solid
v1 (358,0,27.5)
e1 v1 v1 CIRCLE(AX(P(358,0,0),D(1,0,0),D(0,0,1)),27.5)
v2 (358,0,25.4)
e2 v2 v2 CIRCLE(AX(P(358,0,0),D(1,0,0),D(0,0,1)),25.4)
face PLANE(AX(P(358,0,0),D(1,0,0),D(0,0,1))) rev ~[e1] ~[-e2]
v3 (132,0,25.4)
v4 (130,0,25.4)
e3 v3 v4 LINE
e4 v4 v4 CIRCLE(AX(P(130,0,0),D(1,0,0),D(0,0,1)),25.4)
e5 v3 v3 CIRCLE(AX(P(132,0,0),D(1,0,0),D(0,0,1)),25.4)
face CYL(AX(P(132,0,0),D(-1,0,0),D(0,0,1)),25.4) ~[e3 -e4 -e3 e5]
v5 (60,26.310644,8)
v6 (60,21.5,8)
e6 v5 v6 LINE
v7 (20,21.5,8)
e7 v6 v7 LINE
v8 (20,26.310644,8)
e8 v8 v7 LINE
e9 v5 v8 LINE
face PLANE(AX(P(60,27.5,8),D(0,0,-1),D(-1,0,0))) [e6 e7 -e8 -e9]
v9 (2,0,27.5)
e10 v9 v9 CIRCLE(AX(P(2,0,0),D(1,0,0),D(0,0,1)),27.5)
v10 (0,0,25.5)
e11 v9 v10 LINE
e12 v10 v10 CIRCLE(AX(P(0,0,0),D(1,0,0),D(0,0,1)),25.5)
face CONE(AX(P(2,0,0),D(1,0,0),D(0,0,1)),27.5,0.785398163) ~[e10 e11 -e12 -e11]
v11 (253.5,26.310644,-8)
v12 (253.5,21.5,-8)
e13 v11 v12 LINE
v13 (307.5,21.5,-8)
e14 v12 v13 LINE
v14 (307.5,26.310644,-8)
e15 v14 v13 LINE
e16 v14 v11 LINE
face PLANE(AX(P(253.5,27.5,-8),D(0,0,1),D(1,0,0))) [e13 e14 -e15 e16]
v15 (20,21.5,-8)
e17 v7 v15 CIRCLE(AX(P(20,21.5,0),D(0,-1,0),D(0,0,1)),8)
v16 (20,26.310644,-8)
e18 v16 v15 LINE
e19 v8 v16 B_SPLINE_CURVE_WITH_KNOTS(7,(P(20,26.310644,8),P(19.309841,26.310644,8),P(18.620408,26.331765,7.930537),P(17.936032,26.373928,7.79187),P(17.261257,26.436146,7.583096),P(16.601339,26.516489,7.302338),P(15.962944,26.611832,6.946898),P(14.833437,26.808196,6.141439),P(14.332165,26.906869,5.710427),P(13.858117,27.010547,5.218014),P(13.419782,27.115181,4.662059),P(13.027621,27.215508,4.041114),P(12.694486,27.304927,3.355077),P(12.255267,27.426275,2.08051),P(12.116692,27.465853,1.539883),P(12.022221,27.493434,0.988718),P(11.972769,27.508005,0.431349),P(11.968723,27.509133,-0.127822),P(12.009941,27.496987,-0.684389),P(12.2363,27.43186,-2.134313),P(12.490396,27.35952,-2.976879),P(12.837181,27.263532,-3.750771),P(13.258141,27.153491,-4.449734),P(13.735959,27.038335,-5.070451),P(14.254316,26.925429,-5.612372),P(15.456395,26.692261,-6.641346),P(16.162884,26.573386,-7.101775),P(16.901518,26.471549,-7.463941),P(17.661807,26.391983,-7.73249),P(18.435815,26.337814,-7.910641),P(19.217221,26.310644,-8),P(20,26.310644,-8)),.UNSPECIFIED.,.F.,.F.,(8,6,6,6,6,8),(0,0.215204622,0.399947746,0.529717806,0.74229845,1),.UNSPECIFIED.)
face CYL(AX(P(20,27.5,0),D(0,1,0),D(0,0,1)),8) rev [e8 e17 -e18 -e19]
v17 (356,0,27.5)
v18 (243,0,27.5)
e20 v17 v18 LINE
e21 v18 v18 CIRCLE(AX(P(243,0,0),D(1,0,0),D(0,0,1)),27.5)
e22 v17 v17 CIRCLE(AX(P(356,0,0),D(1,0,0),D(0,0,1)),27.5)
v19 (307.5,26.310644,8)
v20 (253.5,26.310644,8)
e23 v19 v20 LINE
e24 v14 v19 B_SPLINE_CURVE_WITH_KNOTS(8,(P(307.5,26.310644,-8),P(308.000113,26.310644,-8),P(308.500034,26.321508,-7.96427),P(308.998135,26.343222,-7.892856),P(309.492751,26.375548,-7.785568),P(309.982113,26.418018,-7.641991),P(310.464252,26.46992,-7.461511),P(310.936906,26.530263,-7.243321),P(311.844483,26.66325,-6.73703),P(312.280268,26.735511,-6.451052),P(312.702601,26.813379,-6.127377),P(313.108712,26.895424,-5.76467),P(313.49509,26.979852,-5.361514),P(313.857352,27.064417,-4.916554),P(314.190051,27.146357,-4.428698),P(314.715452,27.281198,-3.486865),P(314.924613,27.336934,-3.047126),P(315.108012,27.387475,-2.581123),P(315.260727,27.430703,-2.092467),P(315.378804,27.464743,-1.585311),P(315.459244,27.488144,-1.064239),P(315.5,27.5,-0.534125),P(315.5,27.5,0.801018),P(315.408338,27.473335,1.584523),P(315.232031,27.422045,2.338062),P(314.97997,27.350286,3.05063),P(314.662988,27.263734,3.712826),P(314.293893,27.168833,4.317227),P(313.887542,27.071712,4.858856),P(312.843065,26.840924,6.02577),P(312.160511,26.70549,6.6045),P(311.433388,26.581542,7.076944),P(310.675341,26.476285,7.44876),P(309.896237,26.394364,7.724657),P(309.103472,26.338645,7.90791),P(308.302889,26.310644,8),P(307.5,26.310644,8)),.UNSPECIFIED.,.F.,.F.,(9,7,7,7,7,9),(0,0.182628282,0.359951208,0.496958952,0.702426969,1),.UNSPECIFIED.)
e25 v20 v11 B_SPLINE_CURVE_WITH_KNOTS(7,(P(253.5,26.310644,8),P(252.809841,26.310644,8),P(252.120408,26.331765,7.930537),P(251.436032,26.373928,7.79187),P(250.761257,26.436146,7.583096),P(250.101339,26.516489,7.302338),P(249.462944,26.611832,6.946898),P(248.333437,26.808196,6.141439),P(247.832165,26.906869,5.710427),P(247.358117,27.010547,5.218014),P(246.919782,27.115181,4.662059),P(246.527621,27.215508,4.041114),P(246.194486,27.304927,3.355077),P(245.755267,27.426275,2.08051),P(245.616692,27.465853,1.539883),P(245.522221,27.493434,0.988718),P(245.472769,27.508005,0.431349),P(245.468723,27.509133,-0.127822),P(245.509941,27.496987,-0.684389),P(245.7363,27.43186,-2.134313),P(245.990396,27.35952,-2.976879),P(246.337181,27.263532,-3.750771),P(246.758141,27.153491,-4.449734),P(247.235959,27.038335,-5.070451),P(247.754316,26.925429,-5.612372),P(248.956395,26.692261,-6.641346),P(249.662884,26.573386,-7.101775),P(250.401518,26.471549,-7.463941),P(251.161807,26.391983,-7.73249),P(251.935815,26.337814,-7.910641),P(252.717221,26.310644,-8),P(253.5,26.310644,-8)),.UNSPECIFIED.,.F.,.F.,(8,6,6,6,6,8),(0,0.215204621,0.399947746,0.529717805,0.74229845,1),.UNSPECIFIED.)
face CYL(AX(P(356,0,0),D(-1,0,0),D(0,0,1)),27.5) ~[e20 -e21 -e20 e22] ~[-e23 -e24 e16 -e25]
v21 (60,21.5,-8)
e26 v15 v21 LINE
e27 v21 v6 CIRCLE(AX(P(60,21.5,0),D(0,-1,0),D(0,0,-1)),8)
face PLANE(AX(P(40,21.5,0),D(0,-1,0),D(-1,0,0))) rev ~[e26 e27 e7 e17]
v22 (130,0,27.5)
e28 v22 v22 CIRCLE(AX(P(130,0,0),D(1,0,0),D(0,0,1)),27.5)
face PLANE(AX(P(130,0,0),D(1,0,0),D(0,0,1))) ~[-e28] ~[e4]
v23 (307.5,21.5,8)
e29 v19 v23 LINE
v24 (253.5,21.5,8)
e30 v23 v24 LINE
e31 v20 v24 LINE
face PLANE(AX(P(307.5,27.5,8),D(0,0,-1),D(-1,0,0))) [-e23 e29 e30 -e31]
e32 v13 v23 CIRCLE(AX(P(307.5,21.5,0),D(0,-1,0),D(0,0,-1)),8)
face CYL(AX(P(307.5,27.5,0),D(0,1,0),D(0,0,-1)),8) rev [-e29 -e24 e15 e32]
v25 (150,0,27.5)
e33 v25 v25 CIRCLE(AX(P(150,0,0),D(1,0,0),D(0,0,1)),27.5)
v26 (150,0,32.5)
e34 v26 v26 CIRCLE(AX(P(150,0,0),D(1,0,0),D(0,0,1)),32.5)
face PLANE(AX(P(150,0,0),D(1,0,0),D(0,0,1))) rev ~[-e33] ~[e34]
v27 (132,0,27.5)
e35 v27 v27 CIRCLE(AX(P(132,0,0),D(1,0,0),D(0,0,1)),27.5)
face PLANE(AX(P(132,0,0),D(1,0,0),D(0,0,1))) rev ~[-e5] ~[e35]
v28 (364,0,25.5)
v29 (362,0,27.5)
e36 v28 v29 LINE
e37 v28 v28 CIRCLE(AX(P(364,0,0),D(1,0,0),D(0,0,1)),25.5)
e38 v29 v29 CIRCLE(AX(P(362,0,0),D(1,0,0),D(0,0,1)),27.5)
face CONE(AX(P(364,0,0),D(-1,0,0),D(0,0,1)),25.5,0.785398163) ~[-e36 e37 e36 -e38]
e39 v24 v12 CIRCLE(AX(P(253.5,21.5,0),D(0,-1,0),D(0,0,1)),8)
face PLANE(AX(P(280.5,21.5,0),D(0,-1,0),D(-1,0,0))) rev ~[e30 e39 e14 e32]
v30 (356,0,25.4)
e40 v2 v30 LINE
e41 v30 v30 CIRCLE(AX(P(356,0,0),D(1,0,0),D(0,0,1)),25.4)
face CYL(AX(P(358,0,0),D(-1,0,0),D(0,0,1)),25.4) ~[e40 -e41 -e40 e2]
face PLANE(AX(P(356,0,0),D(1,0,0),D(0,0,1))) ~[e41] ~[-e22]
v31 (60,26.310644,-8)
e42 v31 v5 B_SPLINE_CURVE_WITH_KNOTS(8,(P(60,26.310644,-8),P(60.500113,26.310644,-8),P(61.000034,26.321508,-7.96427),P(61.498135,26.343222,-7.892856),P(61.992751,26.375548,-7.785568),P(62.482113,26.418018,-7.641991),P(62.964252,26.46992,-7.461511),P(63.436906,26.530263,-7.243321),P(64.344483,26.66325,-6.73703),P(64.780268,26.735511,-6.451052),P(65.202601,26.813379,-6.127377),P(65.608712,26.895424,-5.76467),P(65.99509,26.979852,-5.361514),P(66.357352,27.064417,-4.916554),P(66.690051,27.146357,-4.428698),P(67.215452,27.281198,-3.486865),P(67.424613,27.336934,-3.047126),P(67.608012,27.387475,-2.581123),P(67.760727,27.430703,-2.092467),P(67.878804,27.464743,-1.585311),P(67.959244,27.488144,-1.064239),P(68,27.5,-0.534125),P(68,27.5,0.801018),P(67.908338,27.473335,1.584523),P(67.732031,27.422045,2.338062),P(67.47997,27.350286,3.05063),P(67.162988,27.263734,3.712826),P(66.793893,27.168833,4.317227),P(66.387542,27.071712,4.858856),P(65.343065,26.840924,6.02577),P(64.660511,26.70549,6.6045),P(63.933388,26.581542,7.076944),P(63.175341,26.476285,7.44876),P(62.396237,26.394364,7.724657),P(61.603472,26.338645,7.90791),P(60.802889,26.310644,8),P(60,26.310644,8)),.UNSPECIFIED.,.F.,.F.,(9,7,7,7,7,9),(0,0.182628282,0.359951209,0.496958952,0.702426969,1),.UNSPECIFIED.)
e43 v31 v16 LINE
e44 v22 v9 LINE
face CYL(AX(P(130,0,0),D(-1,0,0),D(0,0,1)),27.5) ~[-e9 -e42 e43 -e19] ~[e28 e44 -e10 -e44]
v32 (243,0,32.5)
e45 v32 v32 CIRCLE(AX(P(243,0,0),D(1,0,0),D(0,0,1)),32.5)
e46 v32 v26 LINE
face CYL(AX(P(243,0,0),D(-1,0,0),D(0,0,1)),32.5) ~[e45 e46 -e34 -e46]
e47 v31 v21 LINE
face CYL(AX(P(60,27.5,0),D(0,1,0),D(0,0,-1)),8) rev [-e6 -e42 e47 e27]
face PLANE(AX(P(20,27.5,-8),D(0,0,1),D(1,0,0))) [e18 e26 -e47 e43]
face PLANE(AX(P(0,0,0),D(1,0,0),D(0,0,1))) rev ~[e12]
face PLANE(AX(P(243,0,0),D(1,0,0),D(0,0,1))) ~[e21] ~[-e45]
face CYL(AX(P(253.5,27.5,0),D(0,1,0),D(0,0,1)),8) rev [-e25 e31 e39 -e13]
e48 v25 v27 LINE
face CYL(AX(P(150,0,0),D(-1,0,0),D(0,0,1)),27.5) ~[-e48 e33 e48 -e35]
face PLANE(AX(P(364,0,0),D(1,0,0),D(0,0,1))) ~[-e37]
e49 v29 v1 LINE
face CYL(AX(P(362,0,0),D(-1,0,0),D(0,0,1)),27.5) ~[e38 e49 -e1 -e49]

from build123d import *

# Parameters (mm, degrees)
CUT_EXTRUDE1_DEPTH = 6
CUT_EXTRUDE2_DEPTH = 6


with BuildPart() as part:
    # Sketch1 → Revolve1 (revolve)
    with BuildSketch(Plane.XY, mode=Mode.PRIVATE) as revolve1_sk:
        Polygon((0, 0), (364, 0), (364, 25.5), (362, 27.5), (358, 27.5), (358, 25.4), (356, 25.4), (356, 27.5), (243, 27.5), (243, 32.5), (150, 32.5), (150, 27.5), (132, 27.5), (132, 25.4), (130, 25.4), (130, 27.5), (2, 27.5), (0, 25.5), align=None)
    revolve(revolve1_sk.sketch.rotate(Axis((0, 0, 0), (1, 0, 0)), 90), axis=Axis((0, 0, 0), (1, 0, 0)))

    # Sketch2 → Cut-Extrude1 (cut)
    with BuildSketch(Plane(origin=(0, 27.5, 0), x_dir=(1, 0, 0), z_dir=(0, 1, 0))):
        with BuildLine():
            Line((253.5, 8), (307.5, 8))
            ThreePointArc((307.5, 8), (315.5, 0), (307.5, -8))
            Line((307.5, -8), (253.5, -8))
            ThreePointArc((253.5, -8), (245.5, 0), (253.5, 8))
        make_face()
    extrude(amount=-CUT_EXTRUDE1_DEPTH, mode=Mode.SUBTRACT)

    # Sketch3 → Cut-Extrude2 (cut)
    with BuildSketch(Plane(origin=(0, 27.5, 0), x_dir=(1, 0, 0), z_dir=(0, 1, 0))):
        with BuildLine():
            Line((20, 8), (60, 8))
            ThreePointArc((60, 8), (68, 0), (60, -8))
            Line((60, -8), (20, -8))
            ThreePointArc((20, -8), (12, 0), (20, 8))
        make_face()
    extrude(amount=-CUT_EXTRUDE2_DEPTH, mode=Mode.SUBTRACT)


solid = part.part
